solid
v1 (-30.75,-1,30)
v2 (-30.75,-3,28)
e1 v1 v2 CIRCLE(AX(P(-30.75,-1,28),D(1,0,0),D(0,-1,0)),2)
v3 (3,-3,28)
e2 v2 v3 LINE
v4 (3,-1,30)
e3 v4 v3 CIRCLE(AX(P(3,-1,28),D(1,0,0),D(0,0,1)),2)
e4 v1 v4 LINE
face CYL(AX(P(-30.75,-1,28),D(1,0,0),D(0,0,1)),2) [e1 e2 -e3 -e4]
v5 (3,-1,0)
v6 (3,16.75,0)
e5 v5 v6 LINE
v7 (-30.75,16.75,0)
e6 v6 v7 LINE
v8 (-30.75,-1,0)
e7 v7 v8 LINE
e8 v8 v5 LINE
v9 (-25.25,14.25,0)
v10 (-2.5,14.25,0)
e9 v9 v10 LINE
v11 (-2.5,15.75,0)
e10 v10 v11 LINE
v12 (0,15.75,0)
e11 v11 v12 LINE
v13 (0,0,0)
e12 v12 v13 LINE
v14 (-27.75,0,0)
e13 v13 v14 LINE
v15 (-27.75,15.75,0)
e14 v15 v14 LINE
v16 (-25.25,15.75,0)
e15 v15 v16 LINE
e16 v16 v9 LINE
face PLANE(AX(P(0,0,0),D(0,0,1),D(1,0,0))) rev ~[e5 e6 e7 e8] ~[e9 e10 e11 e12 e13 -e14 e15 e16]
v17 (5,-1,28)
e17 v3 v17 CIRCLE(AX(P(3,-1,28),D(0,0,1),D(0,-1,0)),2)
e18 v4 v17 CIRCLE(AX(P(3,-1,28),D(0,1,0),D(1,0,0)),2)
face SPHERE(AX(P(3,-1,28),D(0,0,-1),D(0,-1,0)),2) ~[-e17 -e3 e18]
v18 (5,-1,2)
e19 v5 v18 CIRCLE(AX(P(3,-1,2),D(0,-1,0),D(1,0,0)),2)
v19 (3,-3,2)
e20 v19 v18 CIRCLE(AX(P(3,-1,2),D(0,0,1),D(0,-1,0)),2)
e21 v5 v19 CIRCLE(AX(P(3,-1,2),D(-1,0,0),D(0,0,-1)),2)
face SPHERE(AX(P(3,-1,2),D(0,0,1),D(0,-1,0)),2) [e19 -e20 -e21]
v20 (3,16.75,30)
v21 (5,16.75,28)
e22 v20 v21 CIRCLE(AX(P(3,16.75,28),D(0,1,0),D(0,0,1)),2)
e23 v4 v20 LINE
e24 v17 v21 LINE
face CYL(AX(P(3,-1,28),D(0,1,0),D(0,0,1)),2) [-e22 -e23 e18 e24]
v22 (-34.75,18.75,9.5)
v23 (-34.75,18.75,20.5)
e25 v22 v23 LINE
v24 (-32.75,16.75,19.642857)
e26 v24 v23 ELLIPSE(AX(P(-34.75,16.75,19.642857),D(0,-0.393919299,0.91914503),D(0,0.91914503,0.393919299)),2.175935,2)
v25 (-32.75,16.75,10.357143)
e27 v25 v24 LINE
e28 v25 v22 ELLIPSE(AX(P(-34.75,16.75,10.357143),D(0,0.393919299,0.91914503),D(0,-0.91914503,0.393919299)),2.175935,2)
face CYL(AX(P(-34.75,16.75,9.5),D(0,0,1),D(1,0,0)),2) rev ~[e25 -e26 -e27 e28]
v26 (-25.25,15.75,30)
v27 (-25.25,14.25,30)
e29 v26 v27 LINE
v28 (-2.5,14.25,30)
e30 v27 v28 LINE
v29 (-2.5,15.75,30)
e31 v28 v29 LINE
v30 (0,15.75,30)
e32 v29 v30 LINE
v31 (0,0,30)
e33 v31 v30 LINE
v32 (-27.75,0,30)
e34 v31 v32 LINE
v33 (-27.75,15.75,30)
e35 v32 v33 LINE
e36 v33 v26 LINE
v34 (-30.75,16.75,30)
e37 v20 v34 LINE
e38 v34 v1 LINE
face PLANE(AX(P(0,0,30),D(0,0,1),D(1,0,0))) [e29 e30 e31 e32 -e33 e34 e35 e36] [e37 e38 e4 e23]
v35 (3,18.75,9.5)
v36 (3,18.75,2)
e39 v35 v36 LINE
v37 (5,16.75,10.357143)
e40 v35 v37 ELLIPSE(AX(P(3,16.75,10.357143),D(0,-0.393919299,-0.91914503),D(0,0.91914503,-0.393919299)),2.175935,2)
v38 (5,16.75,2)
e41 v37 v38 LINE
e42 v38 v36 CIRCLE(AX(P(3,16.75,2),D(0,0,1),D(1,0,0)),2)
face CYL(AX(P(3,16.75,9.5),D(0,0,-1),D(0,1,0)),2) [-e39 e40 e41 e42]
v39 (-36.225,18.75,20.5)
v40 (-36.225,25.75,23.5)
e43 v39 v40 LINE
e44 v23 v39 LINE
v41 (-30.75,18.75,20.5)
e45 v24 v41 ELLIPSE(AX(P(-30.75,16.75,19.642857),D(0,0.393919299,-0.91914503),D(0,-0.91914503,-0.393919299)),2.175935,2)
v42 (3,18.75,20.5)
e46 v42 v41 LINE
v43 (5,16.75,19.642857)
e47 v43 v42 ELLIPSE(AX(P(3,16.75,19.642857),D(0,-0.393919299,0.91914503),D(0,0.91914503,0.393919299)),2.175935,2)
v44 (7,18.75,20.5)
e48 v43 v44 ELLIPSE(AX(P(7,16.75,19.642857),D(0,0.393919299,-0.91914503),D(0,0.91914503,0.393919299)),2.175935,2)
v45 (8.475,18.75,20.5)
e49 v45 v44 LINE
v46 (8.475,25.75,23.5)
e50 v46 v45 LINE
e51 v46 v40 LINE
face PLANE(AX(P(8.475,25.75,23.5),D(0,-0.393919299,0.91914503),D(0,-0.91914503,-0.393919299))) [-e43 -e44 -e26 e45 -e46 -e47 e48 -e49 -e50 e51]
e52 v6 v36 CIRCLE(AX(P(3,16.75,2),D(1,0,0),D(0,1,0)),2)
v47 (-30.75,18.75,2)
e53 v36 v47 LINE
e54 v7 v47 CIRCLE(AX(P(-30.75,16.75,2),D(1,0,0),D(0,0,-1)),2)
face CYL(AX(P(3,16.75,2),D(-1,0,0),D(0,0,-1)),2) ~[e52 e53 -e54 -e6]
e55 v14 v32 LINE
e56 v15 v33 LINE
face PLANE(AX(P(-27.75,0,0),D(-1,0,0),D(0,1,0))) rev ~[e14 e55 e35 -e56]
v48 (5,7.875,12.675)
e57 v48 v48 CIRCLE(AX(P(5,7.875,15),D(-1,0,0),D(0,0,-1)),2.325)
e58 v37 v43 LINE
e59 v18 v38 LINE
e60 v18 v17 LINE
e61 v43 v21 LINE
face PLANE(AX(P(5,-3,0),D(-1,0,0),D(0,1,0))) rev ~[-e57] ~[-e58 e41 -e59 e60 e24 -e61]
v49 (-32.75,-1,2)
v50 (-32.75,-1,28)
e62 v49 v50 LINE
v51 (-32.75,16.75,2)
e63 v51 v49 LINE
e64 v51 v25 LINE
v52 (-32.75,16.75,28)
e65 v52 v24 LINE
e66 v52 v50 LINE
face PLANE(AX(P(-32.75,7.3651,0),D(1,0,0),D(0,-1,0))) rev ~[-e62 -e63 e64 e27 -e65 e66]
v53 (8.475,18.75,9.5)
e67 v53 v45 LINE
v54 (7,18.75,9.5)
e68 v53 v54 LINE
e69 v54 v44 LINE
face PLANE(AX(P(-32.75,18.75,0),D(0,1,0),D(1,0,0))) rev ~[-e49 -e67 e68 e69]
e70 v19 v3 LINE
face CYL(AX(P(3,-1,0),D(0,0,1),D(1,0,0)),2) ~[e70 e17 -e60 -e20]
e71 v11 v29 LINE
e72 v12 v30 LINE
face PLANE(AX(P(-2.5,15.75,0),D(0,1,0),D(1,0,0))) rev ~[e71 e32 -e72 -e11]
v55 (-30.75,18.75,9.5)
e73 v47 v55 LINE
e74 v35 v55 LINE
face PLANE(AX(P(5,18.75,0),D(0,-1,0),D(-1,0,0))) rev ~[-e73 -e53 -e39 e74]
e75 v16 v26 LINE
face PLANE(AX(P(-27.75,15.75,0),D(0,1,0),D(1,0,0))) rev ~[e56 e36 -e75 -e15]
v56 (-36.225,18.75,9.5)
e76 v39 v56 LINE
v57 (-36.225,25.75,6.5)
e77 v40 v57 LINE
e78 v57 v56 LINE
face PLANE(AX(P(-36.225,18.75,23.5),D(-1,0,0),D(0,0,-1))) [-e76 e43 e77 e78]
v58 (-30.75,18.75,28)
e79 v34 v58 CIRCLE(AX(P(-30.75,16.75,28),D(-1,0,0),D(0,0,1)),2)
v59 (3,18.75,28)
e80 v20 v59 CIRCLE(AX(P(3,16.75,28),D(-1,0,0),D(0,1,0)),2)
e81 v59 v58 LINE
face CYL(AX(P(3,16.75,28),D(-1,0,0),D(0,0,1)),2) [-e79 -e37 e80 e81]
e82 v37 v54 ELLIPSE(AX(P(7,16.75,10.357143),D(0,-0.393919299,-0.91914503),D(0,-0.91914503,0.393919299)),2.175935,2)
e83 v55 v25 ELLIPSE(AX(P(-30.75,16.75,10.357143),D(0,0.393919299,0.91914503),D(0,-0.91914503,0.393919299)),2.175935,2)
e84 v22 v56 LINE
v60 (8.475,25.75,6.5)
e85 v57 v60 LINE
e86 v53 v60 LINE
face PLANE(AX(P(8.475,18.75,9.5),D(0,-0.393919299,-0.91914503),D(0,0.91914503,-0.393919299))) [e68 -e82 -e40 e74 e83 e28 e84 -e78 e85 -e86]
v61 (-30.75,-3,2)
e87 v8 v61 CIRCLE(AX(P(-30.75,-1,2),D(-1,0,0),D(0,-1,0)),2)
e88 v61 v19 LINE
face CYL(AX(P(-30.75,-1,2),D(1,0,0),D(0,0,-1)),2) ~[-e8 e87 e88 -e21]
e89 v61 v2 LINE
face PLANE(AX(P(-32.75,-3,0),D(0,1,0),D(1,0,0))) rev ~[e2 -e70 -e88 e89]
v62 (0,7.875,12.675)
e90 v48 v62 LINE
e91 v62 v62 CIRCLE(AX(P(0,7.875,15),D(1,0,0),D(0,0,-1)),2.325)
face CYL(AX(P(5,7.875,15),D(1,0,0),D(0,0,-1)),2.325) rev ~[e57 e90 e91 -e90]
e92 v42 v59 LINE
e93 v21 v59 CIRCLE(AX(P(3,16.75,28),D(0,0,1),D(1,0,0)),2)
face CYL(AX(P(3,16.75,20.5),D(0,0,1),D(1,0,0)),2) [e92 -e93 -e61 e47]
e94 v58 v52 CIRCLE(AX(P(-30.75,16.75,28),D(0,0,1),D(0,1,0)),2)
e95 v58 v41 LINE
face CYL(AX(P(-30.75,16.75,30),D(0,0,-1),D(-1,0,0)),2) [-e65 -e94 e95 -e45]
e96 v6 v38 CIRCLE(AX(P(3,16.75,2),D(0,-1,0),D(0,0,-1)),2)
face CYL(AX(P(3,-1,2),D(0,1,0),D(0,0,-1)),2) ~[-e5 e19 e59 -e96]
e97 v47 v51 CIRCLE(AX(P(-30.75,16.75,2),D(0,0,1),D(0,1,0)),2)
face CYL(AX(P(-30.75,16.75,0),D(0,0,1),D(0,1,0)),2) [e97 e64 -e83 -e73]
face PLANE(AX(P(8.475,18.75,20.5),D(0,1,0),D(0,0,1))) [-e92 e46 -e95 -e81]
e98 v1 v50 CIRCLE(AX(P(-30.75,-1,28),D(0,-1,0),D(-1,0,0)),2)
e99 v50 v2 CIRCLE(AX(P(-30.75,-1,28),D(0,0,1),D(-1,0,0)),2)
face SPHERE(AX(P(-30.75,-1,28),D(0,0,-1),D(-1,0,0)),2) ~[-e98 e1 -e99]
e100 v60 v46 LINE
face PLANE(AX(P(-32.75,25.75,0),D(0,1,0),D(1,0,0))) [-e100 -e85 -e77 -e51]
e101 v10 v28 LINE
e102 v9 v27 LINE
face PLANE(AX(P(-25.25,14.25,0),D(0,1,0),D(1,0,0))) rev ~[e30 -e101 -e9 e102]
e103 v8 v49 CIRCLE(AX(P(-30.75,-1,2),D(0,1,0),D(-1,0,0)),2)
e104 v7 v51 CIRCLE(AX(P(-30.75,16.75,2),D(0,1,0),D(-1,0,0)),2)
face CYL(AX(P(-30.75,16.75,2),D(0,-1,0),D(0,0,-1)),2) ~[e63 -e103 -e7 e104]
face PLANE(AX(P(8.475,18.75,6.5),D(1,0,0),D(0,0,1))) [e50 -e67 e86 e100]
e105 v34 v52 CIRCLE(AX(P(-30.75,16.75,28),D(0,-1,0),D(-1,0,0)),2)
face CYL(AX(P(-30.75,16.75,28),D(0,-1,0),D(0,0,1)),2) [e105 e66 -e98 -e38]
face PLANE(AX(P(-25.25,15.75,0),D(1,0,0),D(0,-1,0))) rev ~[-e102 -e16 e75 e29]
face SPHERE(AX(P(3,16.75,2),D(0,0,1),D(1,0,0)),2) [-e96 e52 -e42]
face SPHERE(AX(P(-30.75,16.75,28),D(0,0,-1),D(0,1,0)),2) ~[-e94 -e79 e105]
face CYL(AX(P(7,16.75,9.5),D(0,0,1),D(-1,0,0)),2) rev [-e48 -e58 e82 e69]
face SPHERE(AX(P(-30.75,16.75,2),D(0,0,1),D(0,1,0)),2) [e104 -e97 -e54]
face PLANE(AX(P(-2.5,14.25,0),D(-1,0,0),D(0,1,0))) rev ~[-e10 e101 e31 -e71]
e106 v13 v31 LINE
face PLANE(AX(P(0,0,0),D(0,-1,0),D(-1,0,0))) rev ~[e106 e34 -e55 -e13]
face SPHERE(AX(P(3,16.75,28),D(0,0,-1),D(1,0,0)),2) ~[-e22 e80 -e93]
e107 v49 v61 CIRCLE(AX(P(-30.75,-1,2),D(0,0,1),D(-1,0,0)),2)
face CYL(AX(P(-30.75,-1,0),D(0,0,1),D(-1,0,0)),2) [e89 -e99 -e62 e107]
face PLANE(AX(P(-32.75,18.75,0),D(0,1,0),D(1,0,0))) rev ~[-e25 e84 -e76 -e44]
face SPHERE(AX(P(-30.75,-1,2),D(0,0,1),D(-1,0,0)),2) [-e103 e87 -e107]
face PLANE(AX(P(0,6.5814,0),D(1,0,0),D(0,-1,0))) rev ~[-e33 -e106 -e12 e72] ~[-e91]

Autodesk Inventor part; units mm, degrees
ref_plane "YZ Plane" through (0, 0, 0) normal (1, 0, 0) x (0, 1, 0)
ref_plane "XZ Plane" through (0, 0, 0) normal (0, 1, 0) x (-1, 0, 0)
ref_plane "XY Plane" through (0, 0, 0) normal (0, 0, 1) x (1, 0, 0)
sketch "Skizze1" plane through (0, 0, 0) normal (0, 0, 1) x (1, 0, 0)
  line L0 (0, 0) -> (-27.75, 0)
  line L1 (-27.75, 0) -> (-27.75, 15.75)
  line L2 (-27.75, 15.75) -> (-25.25, 15.75)
  line L3 (-25.25, 15.75) -> (-25.25, 14.25)
  line L4 (-25.25, 14.25) -> (-2.5, 14.25)
  line L5 (-2.5, 14.25) -> (-2.5, 15.75)
  line L6 (-2.5, 15.75) -> (0, 15.75)
  line L7 (0, 15.75) -> (0, 0)
  line L8 (-32.75, -3) -> (5, -3)
  line L9 (5, -3) -> (5, 18.75)
  line L10 (5, 18.75) -> (-32.75, 18.75)
  line L11 (-32.75, 18.75) -> (-32.75, -3)
  line L12 (-27.75, 7.3651) -> (-32.75, 7.3651)
  line L13 (0, 6.5814) -> (5, 6.5814)
  dimension "d0" = 27.75
  dimension "d1" = 2.5
  dimension "d2" = 1.5
  dimension "d3" = 2.5
  dimension "d4" = 37.75
  dimension "d5" = 3
  dimension "d6" = 3
  dimension "d7" = 15.75
extrude "Extrusion1" add sketch "Skizze1" along normal blind 30 contours L7 L13 L9 L8 L11 L12 L1 L0 | L7 L6 L5 L4 L3 L2 L1 L12 L11 L10 L9 L13
sketch "Skizze2" plane through (-32.75, 18.75, 0) normal (0, 1, 0) x (1, 0, 0)
  line L0 (-3.475, -6.5) -> (41.225, -6.5)
  line L1 (41.225, -6.5) -> (41.225, -23.5)
  line L2 (41.225, -23.5) -> (-3.475, -23.5)
  line L3 (-3.475, -23.5) -> (-3.475, -6.5)
  line L4 (37.75, -30) -> (0, -30) projected
  line L5 (0, -30) -> (37.75, -30)
  line L6 (0, 0) -> (37.75, 0)
  point P0 (32.75, 0)
  dimension "d10" = 17
  dimension "d14" = 44.7
extrude "Extrusion2" add sketch "Skizze2" along normal blind 7
sketch "Skizze3" plane through (8.475, 18.75, 23.5) normal (1, 0, 0) x (0, 0, -1)
  line L0 (17, 0) -> (0, 0) projected
  line L1 (0, 0) -> (3, 0)
  line L2 (0, 0) -> (-6.5, 0) projected
  line L3 (0, 0) -> (0, 7) projected
  line L4 (0, 0) -> (0, 7)
  line L5 (0, 7) -> (3, 0)
  line L6 (17, 0) -> (14, 0)
  line L7 (14, 0) -> (17, 7)
  line L8 (17, 0) -> (17, 7) projected
  line L9 (17, 7) -> (17, 0)
  point P0 (23.5, -18.75)
  dimension "d17" = 3
  dimension "d18" = 3
extrude "Extrusion3" cut sketch "Skizze3" against normal through all
sketch "Skizze4" plane through (5, -3, 0) normal (1, 0, 0) x (0, 0, -1)
  circle A0 centre (-15, 10.875) radius 2.325
  line L0 (-15, 10.875) -> (-30, 10.875)
  line L1 (-30, 0) -> (-30, 21.75) projected
  line L2 (-15, 10.875) -> (-15, 21.75)
  line L3 (-9.5, 21.75) -> (-20.5, 21.75) projected
  point P0 (0, 3)
  dimension "d21" = 4.65
  dimension "d22" = 90
  dimension "d23" = 90
extrude "Extrusion4" cut sketch "Skizze4" against normal blind 7
fillet "Rundung1" radius 2 6 edges at (-32.75, -3, 15) (5, -3, 15) (5, 18.75, 25.25) (5, 18.75, 4.75) (-32.75, 18.75, 4.75) (-32.75, 18.75, 25.25)
fillet "Rundung2" radius 2 2 edges at (5, 18.75, 15) (-32.75, 18.75, 15)
fillet "Rundung3" radius 2 16 edges at (-32.1642, -2.4142, 30) (-13.875, -3, 30) (4.4142, -2.4142, 30) (5, 7.875, 30) (4.4142, 18.1642, 30) (-13.875, 18.75, 30) (-32.1642, 18.1642, 30) (-32.75, 7.875, 30) (-32.1642, -2.4142, 0) (-13.875, -3, 0) (4.4142, -2.4142, 0) (5, 7.875, 0) (4.4142, 18.1642, 0) (-13.875, 18.75, 0) (-32.1642, 18.1642, 0) (-32.75, 7.875, 0)
properties part number "Schienenläufer_mit_keil_27.5_15.11"
